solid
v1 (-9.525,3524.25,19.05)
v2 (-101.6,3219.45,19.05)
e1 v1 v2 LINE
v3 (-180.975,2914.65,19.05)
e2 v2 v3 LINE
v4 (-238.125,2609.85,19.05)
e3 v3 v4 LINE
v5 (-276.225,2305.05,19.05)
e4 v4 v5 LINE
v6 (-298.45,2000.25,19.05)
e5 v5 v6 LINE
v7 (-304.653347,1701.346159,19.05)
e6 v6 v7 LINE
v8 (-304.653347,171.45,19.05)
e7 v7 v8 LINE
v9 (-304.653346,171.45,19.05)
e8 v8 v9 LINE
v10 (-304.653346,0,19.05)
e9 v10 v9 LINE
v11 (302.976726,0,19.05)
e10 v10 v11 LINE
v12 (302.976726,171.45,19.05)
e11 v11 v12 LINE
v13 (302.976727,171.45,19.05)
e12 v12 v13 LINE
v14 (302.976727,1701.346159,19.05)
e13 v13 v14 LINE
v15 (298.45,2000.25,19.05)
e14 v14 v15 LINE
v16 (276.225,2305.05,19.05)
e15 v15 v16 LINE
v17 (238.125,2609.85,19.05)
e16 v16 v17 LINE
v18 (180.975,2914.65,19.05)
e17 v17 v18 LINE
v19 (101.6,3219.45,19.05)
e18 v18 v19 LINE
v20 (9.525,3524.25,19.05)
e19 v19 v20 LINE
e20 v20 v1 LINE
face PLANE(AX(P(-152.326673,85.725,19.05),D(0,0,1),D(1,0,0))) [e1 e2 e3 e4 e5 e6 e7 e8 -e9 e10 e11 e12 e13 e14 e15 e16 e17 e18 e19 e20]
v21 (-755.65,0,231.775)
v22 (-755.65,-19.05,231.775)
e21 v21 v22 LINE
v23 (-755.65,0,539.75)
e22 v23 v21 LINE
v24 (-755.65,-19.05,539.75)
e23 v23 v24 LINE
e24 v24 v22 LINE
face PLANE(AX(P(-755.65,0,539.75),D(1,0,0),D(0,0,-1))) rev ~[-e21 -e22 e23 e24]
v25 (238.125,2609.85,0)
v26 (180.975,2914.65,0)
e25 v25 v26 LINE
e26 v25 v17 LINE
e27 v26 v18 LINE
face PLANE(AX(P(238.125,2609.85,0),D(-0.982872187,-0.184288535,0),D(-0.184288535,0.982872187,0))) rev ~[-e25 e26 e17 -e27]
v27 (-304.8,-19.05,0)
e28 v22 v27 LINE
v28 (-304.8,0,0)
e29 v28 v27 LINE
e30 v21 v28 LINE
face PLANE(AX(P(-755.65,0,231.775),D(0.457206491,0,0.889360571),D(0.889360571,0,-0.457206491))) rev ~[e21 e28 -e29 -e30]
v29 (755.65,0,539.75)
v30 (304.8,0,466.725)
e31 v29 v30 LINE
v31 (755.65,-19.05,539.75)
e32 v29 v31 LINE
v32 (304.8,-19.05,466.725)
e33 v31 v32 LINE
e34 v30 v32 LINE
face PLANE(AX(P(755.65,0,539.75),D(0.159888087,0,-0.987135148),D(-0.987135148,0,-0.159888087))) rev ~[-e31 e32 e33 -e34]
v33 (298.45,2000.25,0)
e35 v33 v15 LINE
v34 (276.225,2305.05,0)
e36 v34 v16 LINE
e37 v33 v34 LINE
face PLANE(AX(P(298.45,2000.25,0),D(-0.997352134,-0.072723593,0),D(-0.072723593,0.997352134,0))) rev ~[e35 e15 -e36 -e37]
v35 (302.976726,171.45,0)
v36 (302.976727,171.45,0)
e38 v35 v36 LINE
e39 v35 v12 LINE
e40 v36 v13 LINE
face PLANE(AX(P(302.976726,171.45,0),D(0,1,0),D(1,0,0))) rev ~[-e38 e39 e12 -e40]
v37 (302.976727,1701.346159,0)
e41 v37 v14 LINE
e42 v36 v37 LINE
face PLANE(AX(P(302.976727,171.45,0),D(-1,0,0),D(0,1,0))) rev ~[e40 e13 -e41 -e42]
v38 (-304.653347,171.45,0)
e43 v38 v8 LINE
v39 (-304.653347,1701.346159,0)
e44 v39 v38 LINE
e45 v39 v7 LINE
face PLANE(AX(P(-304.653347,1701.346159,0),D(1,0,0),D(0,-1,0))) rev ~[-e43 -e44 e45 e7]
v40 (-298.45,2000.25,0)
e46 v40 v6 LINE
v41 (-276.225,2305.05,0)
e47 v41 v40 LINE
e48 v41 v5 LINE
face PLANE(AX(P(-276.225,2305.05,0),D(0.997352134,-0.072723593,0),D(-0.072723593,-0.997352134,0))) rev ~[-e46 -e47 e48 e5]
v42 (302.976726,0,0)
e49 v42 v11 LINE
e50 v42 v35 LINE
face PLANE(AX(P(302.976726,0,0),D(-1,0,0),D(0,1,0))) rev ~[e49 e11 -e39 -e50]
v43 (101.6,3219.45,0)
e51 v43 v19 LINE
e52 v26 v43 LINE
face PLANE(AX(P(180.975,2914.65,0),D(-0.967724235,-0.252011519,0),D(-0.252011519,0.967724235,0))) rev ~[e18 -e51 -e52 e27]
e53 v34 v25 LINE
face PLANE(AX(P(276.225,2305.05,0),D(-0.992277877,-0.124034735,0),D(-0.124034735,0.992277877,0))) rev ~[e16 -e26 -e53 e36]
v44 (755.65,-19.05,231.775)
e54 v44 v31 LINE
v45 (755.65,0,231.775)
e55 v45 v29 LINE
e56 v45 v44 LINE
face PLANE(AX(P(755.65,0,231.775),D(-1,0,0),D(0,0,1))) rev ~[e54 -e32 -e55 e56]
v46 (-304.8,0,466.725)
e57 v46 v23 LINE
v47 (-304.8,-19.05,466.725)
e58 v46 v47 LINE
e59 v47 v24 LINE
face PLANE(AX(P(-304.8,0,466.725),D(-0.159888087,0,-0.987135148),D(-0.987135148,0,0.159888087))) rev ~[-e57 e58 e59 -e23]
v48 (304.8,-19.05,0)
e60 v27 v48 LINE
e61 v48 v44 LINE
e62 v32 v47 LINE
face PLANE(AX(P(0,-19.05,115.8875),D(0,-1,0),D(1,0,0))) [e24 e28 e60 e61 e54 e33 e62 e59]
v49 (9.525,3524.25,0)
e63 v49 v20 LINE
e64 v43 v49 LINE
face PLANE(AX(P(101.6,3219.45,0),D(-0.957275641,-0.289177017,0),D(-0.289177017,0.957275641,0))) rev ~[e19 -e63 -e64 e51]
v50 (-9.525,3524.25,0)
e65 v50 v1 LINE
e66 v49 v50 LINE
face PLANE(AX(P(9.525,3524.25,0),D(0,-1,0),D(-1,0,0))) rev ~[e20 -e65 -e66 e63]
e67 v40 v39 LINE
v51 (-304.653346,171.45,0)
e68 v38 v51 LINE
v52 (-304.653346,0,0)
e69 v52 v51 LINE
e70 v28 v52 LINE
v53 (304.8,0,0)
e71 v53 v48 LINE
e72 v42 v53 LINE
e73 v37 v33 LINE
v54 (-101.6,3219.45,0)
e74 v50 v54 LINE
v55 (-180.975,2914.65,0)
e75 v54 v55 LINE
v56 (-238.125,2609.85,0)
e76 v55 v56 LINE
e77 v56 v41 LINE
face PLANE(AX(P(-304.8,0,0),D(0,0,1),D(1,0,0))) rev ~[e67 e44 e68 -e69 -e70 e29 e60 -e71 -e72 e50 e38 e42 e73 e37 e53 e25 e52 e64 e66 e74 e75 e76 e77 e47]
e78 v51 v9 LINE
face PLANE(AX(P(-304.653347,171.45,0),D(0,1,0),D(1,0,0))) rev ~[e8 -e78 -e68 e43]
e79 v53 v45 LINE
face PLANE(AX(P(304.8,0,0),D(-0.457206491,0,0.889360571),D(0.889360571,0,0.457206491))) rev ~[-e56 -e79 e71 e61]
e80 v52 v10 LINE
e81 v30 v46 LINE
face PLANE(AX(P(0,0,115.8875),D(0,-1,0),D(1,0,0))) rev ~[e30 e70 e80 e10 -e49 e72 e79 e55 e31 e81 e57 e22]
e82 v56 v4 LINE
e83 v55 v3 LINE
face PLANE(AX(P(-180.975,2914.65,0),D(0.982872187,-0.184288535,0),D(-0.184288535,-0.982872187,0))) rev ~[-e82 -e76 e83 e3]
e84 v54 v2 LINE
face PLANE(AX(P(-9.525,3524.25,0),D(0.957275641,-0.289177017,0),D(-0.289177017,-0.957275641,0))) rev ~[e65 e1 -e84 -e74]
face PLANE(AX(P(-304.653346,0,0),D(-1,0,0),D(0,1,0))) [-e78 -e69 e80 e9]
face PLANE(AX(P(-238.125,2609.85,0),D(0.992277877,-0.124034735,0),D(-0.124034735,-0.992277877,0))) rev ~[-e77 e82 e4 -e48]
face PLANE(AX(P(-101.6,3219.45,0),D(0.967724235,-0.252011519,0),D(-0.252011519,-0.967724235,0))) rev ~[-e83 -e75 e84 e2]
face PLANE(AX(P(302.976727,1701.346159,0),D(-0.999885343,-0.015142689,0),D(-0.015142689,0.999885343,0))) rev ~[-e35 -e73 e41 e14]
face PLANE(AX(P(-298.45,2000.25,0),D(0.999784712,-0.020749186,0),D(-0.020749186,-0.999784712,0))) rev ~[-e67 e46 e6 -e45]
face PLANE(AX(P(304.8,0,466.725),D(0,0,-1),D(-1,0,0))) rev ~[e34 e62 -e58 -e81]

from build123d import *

# Parameters (mm, degrees)
F0_W     = 304.8
F0_H     = 234.95
F2_DEPTH = 19.05
F1_W     = 304.653347
F1_H     = 171.45
F1_W_2   = 302.976727
F3_DEPTH = 19.05


with BuildPart() as f2:
    # F0 (on Front) → F2 (new body)
    with BuildSketch(Plane.XZ):
        Polygon((-304.8, 0), (0, 0), (304.8, 0), (304.8, 231.775), (0, 231.775), (-304.8, 231.775), align=None)
        Polygon((304.8, 231.775), (304.8, 0), (755.65, 231.775), align=None)
        Polygon((-755.65, 231.775), (-304.8, 0), (-304.8, 231.775), align=None)
        Polygon((304.8, 231.775), (755.65, 231.775), (755.65, 539.75), (304.8, 466.725), align=None)
        with Locations((152.4, 349.25)):
            Rectangle(F0_W, F0_H)
        Polygon((-755.65, 539.75), (-755.65, 231.775), (-304.8, 231.775), (-304.8, 466.725), align=None)
        with Locations((-152.4, 349.25)):
            Rectangle(F0_W, F0_H)
    extrude(amount=F2_DEPTH)

    # F1 (on Top) → F3 (join)
    with BuildSketch(Plane.XY):
        with Locations((-152.326673, 85.725)):
            Rectangle(F1_W, F1_H)
        with Locations((151.488363, 85.725)):
            Rectangle(F1_W_2, F1_H)
        Polygon((-304.653347, 171.45), (0, 171.45), (0, 476.25), (0, 781.05), (0, 1085.85), (0, 1390.65), (0, 1695.45), (0, 2000.25), (-298.45, 2000.25), (-304.653347, 1701.346159), align=None)
        Polygon((0, 476.25), (0, 171.45), (302.976727, 171.45), (302.976727, 1701.346159), (298.45, 2000.25), (0, 2000.25), (0, 1695.45), (0, 1390.65), (0, 1085.85), (0, 781.05), align=None)
        Polygon((0, 2000.25), (298.45, 2000.25), (276.225, 2305.05), (0, 2305.05), align=None)
        Polygon((-276.225, 2305.05), (-298.45, 2000.25), (0, 2000.25), (0, 2305.05), align=None)
        Polygon((0, 2305.05), (276.225, 2305.05), (238.125, 2609.85), (0, 2609.85), align=None)
        Polygon((-238.125, 2609.85), (-276.225, 2305.05), (0, 2305.05), (0, 2609.85), align=None)
        Polygon((0, 2609.85), (238.125, 2609.85), (180.975, 2914.65), (0, 2914.65), align=None)
        Polygon((-180.975, 2914.65), (-238.125, 2609.85), (0, 2609.85), (0, 2914.65), align=None)
        Polygon((0, 2914.65), (180.975, 2914.65), (101.6, 3219.45), (0, 3219.45), align=None)
        Polygon((-101.6, 3219.45), (-180.975, 2914.65), (0, 2914.65), (0, 3219.45), align=None)
        Polygon((0, 3219.45), (101.6, 3219.45), (9.525, 3524.25), (0, 3524.25), align=None)
        Polygon((-9.525, 3524.25), (-101.6, 3219.45), (0, 3219.45), (0, 3524.25), align=None)
    extrude(amount=F3_DEPTH)


solid = f2.part
